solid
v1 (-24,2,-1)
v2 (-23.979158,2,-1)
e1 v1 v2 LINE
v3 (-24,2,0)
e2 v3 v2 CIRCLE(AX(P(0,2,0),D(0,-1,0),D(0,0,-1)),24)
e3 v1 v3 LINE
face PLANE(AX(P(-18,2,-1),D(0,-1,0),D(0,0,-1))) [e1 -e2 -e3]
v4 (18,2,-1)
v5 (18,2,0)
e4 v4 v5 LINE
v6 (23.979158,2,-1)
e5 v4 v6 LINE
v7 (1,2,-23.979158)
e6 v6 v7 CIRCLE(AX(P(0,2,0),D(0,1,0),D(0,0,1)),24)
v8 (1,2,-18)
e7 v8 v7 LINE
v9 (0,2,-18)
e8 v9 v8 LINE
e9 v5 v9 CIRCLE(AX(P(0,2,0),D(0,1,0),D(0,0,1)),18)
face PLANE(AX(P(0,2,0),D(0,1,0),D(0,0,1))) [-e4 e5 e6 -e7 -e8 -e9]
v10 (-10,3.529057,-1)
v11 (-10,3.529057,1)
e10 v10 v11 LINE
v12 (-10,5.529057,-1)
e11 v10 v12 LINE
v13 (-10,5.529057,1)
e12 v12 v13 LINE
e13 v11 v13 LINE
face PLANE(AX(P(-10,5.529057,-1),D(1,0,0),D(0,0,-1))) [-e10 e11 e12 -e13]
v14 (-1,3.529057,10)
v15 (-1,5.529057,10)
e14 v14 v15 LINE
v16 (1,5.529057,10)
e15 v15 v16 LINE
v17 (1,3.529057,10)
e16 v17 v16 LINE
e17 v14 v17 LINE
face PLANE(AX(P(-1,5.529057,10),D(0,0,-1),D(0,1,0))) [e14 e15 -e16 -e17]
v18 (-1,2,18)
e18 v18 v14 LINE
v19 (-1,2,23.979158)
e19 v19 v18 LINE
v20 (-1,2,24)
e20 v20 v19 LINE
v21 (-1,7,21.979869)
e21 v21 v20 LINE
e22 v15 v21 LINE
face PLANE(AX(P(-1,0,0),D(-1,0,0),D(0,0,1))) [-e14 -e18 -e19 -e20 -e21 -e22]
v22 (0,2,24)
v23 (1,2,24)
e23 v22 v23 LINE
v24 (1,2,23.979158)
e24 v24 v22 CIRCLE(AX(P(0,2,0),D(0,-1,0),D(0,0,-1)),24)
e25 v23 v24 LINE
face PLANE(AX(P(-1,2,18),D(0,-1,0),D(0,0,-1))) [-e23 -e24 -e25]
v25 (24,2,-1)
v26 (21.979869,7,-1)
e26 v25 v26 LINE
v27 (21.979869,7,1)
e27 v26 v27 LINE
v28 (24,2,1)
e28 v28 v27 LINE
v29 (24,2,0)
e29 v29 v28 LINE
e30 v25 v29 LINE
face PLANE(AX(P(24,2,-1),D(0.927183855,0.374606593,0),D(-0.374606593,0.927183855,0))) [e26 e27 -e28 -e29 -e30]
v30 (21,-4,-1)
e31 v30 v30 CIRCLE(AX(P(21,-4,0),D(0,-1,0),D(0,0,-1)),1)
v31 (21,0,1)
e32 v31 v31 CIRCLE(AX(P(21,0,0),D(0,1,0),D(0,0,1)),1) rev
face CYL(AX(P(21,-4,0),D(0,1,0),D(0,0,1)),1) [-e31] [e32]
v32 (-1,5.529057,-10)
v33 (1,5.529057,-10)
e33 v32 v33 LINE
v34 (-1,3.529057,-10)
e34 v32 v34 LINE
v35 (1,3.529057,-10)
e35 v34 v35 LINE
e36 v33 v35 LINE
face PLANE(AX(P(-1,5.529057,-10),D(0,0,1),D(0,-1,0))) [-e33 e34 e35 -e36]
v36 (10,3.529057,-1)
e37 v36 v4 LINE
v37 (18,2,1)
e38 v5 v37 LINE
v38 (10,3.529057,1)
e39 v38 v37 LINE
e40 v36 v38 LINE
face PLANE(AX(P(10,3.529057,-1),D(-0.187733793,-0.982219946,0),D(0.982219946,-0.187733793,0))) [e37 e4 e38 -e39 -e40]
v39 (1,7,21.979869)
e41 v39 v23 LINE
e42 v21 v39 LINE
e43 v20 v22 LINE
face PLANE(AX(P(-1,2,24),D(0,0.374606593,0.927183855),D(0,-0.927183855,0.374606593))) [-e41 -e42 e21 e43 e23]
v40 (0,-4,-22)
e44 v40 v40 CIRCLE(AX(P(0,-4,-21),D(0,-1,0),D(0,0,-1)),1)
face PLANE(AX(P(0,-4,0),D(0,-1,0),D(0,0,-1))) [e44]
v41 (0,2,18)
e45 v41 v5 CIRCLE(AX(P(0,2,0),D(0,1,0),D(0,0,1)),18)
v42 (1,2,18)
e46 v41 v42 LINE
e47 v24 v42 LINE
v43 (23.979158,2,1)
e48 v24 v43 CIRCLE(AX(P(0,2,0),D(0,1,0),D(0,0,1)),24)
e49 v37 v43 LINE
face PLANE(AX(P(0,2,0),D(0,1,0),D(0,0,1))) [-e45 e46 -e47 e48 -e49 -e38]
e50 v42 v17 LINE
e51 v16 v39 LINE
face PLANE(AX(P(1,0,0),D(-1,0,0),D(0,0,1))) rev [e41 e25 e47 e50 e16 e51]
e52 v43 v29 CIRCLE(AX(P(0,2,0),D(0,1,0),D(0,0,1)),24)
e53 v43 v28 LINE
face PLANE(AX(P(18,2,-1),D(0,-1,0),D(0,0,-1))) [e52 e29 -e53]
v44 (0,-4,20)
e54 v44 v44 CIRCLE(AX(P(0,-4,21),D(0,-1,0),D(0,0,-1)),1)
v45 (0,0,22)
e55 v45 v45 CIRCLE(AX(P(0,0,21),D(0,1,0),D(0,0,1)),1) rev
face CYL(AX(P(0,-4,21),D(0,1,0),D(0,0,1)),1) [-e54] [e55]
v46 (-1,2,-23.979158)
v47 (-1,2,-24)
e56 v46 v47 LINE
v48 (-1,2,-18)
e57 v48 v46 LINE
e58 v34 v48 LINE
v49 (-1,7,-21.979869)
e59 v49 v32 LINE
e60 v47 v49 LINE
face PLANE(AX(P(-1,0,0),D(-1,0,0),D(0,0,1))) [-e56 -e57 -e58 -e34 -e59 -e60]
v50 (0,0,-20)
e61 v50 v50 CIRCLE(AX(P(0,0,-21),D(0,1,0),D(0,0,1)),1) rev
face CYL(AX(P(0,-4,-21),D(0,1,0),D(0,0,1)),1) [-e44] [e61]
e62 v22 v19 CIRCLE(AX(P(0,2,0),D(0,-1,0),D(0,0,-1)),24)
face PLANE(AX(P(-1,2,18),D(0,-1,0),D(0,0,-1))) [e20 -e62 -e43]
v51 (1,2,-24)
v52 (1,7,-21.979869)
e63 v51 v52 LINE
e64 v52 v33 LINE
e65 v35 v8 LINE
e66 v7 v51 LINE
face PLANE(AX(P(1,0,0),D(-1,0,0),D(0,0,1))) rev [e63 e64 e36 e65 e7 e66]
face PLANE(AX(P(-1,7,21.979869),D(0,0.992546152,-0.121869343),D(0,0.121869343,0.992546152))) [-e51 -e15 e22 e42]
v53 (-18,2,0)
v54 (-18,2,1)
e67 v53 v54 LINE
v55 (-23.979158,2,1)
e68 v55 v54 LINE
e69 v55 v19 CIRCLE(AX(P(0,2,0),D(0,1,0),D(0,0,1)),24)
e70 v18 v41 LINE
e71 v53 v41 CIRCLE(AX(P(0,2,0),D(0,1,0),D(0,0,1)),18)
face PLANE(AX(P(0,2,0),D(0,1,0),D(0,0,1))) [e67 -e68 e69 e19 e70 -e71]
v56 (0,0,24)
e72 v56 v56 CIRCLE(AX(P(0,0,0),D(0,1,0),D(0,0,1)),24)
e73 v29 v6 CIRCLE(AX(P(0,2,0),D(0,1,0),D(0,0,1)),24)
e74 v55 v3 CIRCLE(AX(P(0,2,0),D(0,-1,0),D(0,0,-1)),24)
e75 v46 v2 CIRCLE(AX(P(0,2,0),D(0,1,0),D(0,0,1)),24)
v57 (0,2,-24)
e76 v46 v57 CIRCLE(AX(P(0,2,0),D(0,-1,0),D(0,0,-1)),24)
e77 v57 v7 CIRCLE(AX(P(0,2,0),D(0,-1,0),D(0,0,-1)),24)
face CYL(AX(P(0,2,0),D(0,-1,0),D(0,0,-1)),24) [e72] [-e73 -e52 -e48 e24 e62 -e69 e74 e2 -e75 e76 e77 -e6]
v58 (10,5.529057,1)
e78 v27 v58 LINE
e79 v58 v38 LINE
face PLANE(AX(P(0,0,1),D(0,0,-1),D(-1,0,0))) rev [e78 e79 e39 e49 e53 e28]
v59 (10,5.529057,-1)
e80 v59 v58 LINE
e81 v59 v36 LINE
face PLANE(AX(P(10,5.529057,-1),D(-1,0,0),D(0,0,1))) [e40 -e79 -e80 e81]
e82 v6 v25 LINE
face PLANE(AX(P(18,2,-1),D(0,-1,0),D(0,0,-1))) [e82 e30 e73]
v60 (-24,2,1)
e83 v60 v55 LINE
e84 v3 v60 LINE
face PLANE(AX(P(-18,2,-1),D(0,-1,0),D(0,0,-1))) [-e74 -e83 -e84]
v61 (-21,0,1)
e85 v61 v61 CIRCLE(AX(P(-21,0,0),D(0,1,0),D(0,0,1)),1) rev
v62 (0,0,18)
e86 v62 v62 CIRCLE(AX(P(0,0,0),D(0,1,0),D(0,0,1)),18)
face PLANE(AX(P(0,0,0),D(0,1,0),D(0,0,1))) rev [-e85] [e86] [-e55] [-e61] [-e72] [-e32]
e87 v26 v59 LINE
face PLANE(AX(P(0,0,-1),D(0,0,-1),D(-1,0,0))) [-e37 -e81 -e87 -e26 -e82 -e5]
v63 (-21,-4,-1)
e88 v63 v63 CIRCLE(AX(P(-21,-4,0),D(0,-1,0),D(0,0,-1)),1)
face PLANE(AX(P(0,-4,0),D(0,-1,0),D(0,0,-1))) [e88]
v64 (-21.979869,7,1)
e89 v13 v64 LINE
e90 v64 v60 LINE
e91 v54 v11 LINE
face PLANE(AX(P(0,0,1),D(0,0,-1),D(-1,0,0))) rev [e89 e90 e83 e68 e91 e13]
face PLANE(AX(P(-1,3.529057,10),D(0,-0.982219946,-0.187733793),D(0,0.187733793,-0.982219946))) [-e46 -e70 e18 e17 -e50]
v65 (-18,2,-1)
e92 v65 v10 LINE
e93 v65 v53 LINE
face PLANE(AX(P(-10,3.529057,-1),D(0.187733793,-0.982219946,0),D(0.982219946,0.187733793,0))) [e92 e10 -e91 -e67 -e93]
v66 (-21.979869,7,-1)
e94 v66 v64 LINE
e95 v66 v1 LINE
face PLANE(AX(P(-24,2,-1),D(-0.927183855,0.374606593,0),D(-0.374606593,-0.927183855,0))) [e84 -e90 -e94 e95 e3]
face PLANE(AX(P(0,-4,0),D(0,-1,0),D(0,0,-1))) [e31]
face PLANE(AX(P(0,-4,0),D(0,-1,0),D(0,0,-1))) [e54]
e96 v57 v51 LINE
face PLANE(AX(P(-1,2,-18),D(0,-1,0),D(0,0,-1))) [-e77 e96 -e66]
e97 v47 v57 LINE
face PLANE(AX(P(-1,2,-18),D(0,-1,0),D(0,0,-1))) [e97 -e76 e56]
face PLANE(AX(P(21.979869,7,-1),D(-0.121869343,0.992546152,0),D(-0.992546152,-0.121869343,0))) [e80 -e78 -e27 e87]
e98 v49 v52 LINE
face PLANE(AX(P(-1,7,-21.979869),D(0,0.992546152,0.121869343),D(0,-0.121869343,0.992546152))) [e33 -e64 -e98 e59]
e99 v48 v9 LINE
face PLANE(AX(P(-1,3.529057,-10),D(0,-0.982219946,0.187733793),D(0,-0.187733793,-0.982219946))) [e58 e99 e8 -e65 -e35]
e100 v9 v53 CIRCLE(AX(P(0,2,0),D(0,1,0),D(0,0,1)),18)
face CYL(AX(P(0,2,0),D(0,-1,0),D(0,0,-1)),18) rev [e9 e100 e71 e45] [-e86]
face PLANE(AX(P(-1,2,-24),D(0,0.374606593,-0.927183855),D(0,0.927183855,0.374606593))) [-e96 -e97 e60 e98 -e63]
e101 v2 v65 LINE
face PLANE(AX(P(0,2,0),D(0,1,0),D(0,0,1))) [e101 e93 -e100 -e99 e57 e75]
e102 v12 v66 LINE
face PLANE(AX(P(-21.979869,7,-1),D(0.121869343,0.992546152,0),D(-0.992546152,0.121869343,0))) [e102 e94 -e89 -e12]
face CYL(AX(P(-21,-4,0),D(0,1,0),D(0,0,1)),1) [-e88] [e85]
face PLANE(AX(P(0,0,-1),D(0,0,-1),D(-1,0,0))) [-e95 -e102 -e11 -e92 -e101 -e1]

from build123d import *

# Parameters (mm, degrees)
SKETCH1_R                = 24
SKETCH1_R_2              = 18
BOSS_EXTRUDE1_DEPTH      = 2
BOSS_EXTRUDE2_DEPTH      = 1
BOSS_EXTRUDE2_DEPTH_BACK = 1
BOSS_EXTRUDE3_DEPTH      = 1
BOSS_EXTRUDE3_DEPTH_BACK = 1
SKETCH5_R                = 1
BOSS_EXTRUDE4_DEPTH      = 4


with BuildPart() as part:
    # Sketch1 → Boss-Extrude1 (new body)
    with BuildSketch(Plane(origin=(0, 0, 0), x_dir=(1, 0, 0), z_dir=(0, 1, 0))):
        Circle(SKETCH1_R)
        Circle(SKETCH1_R_2, mode=Mode.SUBTRACT)
    extrude(amount=BOSS_EXTRUDE1_DEPTH)

    # Sketch3 → Boss-Extrude2 (add, two sides: drawn at the far end of the back side and taken through both)
    with BuildSketch(Plane.XY.offset(-BOSS_EXTRUDE2_DEPTH_BACK)):
        Polygon((24, 2), (21.979868871, 7), (10, 5.529057061), (10, 3.529057061), (18, 2), align=None)
        Polygon((-10, 3.529057061), (-18, 2), (-24, 2), (-21.979868871, 7), (-10, 5.529057061), align=None)
    extrude(amount=BOSS_EXTRUDE2_DEPTH + BOSS_EXTRUDE2_DEPTH_BACK)

    # Sketch4 → Boss-Extrude3 (add, two sides: drawn at the far end of the back side and taken through both)
    with BuildSketch(Plane(origin=(0, 0, 0), x_dir=(0, 0, -1), z_dir=(1, 0, 0)).offset(-BOSS_EXTRUDE3_DEPTH_BACK)):
        Polygon((24, 2), (21.979868871, 7), (10, 5.529057061), (10, 3.529057061), (18, 2), align=None)
        Polygon((-10, 3.529057061), (-18, 2), (-24, 2), (-21.979868871, 7), (-10, 5.529057061), align=None)
    extrude(amount=BOSS_EXTRUDE3_DEPTH + BOSS_EXTRUDE3_DEPTH_BACK)

    # Sketch5 → Boss-Extrude4 (add)
    with BuildSketch(Plane.XZ):
        with Locations((21, 0)):
            Circle(SKETCH5_R)
        with Locations((0, 21)):
            Circle(SKETCH5_R)
        with Locations((0, -21)):
            Circle(SKETCH5_R)
        with Locations((-21, 0)):
            Circle(SKETCH5_R)
    extrude(amount=BOSS_EXTRUDE4_DEPTH)


solid = part.part
